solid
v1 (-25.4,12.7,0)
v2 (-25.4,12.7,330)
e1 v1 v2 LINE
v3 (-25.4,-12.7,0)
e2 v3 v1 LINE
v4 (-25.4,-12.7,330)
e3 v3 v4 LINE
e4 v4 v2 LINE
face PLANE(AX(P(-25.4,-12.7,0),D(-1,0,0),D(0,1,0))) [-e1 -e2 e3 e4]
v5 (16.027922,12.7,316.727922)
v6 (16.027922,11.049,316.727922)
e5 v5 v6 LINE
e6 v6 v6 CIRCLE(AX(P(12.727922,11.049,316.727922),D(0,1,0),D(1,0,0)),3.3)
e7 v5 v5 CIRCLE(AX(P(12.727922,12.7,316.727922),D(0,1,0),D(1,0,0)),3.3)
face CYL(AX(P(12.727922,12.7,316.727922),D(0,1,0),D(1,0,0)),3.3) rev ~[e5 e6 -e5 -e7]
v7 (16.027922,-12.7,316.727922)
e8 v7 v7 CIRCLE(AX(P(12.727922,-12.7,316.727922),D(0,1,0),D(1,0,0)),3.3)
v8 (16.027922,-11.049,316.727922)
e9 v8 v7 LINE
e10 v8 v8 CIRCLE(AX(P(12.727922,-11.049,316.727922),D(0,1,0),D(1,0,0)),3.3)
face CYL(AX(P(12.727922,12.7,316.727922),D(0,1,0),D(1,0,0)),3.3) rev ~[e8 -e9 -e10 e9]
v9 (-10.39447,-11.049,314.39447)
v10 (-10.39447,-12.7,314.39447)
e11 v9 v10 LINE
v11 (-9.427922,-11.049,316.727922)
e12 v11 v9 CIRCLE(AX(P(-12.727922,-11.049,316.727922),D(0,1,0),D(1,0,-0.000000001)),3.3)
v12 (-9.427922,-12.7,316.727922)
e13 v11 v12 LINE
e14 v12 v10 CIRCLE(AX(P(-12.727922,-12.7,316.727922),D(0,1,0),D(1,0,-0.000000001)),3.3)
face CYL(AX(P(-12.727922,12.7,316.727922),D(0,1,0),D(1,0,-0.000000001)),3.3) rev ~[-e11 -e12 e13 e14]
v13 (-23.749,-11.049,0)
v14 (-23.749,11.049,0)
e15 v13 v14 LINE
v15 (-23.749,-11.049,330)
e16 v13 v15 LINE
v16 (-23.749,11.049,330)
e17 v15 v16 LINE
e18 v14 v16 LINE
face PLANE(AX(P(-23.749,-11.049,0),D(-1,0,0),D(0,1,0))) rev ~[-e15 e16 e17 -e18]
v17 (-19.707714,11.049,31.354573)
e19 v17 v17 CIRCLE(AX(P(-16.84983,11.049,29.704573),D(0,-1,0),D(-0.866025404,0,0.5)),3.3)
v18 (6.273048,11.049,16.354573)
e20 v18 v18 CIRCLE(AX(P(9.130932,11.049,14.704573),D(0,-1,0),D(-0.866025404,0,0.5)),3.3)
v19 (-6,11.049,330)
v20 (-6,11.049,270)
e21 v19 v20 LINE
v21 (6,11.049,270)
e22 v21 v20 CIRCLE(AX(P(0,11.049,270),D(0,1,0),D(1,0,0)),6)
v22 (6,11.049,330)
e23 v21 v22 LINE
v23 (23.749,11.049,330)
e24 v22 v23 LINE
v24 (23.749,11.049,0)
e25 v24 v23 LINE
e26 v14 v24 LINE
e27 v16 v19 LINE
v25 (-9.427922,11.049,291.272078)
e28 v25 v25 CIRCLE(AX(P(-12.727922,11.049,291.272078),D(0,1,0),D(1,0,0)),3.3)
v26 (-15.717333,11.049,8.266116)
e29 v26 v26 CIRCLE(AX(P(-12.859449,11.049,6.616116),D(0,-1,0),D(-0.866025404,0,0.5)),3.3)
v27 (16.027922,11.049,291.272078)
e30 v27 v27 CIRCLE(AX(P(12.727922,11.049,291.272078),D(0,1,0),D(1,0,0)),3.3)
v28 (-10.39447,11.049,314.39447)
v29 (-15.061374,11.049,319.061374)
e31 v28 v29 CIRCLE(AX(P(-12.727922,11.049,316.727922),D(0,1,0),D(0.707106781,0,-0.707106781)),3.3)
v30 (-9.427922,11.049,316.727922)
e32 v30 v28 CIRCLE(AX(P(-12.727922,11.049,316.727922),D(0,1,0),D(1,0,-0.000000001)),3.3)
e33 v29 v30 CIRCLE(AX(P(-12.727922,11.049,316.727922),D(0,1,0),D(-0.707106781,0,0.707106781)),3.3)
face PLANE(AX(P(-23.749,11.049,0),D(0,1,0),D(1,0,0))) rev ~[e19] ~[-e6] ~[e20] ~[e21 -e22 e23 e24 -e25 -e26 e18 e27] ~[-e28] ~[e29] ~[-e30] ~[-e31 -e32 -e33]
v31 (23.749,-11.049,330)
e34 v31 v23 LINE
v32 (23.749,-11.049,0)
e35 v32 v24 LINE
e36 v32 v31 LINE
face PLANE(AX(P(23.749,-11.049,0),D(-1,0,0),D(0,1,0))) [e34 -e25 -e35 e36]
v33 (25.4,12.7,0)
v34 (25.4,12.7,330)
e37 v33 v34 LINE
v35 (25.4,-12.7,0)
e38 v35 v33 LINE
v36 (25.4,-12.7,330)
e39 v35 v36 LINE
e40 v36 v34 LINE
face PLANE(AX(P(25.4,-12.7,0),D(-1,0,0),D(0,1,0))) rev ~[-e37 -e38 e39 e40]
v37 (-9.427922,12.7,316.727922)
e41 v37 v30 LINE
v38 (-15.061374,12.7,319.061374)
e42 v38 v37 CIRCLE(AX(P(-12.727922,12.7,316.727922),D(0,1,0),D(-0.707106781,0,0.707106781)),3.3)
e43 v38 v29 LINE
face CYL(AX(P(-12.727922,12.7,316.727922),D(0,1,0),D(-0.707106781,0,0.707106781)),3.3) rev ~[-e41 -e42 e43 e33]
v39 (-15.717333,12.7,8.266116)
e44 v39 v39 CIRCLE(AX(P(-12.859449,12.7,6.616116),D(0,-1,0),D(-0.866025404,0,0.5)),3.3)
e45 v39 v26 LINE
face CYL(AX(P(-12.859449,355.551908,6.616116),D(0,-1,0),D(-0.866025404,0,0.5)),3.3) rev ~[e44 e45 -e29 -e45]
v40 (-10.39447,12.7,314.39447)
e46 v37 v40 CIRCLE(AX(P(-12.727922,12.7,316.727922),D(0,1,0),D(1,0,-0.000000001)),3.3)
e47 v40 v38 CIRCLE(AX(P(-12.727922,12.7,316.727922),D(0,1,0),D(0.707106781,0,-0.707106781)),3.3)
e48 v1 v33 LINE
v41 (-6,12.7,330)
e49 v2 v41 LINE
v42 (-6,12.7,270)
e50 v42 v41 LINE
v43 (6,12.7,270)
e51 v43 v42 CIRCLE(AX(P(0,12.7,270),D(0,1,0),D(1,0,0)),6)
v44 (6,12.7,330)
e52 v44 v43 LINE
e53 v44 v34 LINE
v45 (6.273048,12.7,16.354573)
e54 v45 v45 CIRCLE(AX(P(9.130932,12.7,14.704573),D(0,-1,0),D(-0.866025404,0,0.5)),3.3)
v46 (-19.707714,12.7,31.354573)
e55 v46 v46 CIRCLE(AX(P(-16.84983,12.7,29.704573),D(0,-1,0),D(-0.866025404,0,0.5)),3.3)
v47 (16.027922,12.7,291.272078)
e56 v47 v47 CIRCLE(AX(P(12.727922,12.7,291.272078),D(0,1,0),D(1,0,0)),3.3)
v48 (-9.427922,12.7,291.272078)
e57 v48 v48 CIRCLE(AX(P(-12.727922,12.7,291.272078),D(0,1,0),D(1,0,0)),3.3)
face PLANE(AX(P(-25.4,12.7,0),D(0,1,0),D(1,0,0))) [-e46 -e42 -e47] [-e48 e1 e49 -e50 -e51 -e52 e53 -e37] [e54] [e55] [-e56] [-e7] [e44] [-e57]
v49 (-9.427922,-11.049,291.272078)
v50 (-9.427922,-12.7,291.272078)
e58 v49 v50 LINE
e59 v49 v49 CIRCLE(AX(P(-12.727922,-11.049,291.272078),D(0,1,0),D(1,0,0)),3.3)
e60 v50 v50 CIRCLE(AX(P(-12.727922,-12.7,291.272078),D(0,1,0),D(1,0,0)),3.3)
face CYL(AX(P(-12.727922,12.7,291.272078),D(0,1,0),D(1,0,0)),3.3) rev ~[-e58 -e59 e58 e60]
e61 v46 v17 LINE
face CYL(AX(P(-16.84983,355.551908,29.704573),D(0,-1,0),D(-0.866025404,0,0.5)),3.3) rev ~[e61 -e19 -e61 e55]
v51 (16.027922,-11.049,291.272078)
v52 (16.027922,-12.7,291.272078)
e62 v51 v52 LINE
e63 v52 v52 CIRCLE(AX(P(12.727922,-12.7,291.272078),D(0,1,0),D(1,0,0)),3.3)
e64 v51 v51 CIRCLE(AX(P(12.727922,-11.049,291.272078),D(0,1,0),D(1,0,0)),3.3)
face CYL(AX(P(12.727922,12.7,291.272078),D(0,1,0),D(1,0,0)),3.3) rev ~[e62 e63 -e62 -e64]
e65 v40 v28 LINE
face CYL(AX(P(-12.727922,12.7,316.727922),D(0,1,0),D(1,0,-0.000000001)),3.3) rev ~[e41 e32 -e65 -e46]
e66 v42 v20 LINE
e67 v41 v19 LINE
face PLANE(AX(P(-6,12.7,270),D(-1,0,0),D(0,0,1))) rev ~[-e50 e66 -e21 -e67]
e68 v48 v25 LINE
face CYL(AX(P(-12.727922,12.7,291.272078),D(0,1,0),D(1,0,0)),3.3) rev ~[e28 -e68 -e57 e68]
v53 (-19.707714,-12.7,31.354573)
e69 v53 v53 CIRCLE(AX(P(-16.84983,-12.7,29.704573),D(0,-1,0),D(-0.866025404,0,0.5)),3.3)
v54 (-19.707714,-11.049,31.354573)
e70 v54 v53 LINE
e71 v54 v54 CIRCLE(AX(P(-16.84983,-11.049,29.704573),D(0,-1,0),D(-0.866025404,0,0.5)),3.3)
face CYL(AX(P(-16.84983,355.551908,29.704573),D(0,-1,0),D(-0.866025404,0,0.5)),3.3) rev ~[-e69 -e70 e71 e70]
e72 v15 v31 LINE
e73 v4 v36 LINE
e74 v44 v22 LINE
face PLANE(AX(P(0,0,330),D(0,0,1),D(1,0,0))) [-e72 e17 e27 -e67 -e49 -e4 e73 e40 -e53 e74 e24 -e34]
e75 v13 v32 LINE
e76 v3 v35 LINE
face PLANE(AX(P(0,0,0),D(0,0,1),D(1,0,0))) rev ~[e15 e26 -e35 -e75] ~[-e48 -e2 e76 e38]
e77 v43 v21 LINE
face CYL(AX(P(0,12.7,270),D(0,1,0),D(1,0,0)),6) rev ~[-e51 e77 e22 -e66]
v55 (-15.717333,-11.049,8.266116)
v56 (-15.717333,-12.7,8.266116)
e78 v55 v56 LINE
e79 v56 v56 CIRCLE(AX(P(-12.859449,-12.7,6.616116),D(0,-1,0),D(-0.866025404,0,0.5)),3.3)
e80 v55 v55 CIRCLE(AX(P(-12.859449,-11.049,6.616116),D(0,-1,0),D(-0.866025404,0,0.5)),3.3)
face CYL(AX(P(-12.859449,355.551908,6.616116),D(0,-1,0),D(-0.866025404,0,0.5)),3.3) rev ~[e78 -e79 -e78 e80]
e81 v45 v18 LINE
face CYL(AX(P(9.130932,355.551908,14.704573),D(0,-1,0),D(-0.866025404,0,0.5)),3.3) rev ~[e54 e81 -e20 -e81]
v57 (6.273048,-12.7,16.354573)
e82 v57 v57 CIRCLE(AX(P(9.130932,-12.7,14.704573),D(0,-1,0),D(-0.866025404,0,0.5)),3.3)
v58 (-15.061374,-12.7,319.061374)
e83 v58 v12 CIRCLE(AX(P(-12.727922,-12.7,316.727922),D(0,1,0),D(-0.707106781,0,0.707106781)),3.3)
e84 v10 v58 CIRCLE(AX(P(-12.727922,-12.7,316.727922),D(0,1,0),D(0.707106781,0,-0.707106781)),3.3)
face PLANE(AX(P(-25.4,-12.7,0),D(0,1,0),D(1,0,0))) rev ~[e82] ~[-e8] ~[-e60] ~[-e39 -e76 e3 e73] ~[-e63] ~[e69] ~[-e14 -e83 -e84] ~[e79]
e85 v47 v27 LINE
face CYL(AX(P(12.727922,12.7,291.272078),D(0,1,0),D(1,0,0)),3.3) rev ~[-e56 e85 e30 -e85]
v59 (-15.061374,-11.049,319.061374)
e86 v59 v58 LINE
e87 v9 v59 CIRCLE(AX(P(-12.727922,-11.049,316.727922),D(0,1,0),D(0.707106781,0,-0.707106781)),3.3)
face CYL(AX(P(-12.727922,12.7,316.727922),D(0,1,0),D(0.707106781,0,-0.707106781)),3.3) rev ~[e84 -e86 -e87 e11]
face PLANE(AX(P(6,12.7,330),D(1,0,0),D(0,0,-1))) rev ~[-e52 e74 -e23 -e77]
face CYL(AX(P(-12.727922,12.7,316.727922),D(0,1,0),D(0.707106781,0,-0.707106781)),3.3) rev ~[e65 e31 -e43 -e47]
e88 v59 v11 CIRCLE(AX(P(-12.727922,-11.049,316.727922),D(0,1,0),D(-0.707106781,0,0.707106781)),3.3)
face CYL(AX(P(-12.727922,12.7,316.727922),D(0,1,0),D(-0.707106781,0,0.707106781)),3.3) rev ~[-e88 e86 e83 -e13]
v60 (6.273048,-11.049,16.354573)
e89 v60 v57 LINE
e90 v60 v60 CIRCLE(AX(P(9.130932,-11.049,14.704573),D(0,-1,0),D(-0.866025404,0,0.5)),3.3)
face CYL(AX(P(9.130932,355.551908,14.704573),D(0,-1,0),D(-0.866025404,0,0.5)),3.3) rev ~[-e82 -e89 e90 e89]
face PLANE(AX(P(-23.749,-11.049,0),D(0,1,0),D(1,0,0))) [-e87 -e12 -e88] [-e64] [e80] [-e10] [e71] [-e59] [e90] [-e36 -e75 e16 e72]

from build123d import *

# Parameters (mm, degrees)
SKETCH1_W              = 50.8
SKETCH1_H              = 25.4
SKETCH1_W_2            = 47.498
SKETCH1_H_2            = 22.098
BOSS_EXTRUDE1_DEPTH    = 330
CUT_EXTRUDE5_REACH     = 27.4
SKETCH8_R              = 3.3
CUT_EXTRUDE6_DEPTH     = 26.4
F_00_CLEARANCE_HOLE1_D = 6.600000008


with BuildPart() as part:
    # Sketch1 → Boss-Extrude1 (new body)
    with BuildSketch(Plane.XY):
        Rectangle(SKETCH1_W, SKETCH1_H)
        Rectangle(SKETCH1_W_2, SKETCH1_H_2, mode=Mode.SUBTRACT)
    extrude(amount=BOSS_EXTRUDE1_DEPTH)

    # Sketch4 → Cut-Extrude5 (cut, up to next)
    with BuildSketch(Plane(origin=(0, 12.7, 0), x_dir=(1, 0, 0), z_dir=(0, 1, 0)), mode=Mode.PRIVATE) as cut_extrude5_sk1:
        with BuildLine():
            Line((-6, -270), (-6, -330))
            Line((-6, -330), (6, -330))
            Line((6, -330), (6, -270))
            ThreePointArc((6, -270), (0, -264), (-6, -270))
        make_face()
    cut_extrude5_tool1 = extrude(cut_extrude5_sk1.sketch, amount=-CUT_EXTRUDE5_REACH, mode=Mode.PRIVATE) & part.part
    add(cut_extrude5_tool1.solids().sort_by_distance((0, 12.7, 297.629949))[0], mode=Mode.SUBTRACT)

    # Sketch8 → Cut-Extrude6 (cut, through all)
    with BuildSketch(Plane(origin=(0, 12.7, 0), x_dir=(1, 0, 0), z_dir=(0, 1, 0))):
        with BuildLine():
            ThreePointArc((-9.427922061, -316.727922061), (-9.679119604, -315.465066735), (-10.394469683, -314.394469683))
            Line((-10.394469683, -314.394469683), (-15.061374439, -319.061374439))
            ThreePointArc((-15.061374439, -319.061374439), (-11.465066735, -319.776724519), (-9.427922061, -316.727922061))
        make_face()
        with BuildLine():
            Line((-15.061374439, -319.061374439), (-10.394469683, -314.394469683))
            ThreePointArc((-10.394469683, -314.394469683), (-15.061374439, -314.394469683), (-15.061374439, -319.061374439))
        make_face()
        with Locations((-12.727922061, -291.272077939)):
            Circle(SKETCH8_R)
        with Locations((12.727922061, -291.272077939)):
            Circle(SKETCH8_R)
        with Locations((12.727922061, -316.727922061)):
            Circle(SKETCH8_R)
    extrude(amount=-CUT_EXTRUDE6_DEPTH, mode=Mode.SUBTRACT)

    # #00 Clearance Hole1 (through all)
    with Locations(Plane(origin=(136.368987279, 20.7, -48.715791339), x_dir=(0.866025404, 0, -0.5), z_dir=(0, 1, 0))):
        with Locations((-156.901570158, 26.695380774), (-141.901570158, 8.695380774), (-171.901570158, 8.695380774)):
            Hole(F_00_CLEARANCE_HOLE1_D / 2)


solid = part.part
